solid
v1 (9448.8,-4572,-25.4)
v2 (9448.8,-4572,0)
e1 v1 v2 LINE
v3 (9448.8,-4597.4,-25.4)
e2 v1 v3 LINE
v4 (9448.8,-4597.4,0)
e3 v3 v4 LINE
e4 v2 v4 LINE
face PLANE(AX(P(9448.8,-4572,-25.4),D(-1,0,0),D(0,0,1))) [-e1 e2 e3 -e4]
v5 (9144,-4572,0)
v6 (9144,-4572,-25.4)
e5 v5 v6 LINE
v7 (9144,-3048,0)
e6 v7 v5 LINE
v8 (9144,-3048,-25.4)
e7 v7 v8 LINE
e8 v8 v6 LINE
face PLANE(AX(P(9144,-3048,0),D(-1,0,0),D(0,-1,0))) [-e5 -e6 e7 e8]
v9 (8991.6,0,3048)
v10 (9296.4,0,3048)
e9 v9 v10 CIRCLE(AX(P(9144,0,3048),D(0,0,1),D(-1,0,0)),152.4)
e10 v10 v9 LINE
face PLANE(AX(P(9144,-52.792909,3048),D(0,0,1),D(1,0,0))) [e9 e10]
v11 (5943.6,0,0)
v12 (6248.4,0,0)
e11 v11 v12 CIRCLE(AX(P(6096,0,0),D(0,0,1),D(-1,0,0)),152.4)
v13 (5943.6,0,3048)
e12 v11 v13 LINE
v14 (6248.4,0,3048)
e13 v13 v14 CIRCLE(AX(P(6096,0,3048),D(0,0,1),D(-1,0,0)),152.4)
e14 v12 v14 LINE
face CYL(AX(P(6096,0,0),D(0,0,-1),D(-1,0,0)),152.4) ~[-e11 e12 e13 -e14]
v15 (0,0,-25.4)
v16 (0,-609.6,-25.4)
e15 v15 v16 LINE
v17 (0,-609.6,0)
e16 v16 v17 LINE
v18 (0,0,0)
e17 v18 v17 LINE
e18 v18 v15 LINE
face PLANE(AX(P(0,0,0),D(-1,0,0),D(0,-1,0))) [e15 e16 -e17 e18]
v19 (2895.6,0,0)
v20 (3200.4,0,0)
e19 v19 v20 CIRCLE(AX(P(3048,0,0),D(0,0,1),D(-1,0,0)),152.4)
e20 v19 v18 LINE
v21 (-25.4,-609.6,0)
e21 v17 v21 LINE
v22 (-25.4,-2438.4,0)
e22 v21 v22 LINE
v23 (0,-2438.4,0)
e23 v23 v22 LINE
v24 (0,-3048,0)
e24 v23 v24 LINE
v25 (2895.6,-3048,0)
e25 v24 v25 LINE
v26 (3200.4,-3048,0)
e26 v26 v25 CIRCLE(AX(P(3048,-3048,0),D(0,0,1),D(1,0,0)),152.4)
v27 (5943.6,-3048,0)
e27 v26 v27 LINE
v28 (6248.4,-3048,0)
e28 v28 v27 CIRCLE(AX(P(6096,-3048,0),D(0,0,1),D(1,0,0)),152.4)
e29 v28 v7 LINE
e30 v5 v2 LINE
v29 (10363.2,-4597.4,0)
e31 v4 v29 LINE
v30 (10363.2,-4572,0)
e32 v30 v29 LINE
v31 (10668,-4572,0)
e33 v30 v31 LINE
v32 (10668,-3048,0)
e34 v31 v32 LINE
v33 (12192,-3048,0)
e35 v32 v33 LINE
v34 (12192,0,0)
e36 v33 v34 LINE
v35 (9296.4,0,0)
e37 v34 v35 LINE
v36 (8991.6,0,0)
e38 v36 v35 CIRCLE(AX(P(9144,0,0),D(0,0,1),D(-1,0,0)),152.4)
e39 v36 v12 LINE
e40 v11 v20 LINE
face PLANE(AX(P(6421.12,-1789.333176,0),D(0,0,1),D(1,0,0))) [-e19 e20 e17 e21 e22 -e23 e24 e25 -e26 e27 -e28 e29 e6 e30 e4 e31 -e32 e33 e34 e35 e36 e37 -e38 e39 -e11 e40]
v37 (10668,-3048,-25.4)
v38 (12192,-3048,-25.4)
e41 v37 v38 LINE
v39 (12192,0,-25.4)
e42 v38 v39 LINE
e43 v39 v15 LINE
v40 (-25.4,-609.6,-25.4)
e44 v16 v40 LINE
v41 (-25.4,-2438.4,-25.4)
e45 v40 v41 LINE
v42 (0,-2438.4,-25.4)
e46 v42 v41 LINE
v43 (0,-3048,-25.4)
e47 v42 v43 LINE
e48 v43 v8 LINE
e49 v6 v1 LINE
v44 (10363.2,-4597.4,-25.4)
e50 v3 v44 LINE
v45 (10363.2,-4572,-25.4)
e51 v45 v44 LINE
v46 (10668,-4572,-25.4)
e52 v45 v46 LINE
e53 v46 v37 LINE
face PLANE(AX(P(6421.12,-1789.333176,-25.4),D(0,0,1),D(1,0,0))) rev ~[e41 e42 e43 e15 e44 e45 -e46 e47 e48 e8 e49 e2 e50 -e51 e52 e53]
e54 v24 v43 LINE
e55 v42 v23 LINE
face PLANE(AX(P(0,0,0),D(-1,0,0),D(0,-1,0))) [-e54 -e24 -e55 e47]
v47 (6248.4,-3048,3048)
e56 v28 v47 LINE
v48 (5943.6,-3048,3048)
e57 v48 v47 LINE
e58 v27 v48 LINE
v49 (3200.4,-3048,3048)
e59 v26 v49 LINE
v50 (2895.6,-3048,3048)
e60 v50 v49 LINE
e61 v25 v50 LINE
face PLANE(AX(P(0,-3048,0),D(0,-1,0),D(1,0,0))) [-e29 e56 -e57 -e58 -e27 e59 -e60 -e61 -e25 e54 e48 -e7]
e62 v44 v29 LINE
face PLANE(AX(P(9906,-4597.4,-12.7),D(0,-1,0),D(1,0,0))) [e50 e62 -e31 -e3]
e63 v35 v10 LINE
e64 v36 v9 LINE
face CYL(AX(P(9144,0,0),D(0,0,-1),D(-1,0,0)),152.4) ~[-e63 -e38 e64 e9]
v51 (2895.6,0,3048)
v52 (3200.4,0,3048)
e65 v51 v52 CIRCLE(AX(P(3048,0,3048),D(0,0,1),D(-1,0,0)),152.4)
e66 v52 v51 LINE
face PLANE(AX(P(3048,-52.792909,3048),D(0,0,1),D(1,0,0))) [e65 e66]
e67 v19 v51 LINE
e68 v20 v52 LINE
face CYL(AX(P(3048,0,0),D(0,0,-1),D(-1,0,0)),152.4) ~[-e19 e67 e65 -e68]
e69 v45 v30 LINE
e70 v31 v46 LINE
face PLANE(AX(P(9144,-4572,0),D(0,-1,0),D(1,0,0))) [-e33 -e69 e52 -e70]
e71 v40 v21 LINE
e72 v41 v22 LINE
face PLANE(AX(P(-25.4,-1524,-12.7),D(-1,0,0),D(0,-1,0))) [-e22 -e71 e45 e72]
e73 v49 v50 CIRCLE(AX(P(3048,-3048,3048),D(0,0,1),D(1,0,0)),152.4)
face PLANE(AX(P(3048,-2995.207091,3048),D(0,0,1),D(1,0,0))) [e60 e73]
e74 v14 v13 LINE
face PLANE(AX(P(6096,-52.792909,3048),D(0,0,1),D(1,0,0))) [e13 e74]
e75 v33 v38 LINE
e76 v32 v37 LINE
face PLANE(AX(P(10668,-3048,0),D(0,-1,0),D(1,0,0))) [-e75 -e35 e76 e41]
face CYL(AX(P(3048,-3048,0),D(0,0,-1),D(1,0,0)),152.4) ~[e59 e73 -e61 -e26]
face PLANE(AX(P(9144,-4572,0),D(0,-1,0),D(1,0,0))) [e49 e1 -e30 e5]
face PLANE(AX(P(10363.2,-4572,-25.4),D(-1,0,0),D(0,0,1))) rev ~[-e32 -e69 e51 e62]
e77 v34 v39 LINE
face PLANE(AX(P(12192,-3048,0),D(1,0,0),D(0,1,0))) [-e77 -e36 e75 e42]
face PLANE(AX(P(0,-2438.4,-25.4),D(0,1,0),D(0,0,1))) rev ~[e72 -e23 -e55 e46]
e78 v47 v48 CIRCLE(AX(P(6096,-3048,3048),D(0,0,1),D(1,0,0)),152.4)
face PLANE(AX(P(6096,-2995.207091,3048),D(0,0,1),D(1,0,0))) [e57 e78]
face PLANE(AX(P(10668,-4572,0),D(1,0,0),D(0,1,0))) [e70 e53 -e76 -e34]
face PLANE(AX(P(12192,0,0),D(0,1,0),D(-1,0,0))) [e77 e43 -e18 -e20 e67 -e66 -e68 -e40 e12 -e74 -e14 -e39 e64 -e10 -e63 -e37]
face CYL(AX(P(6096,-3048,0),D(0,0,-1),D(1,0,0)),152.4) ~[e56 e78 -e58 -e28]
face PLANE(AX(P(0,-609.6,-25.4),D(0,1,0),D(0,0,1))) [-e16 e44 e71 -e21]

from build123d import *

# Parameters (mm, degrees)
F1_DEPTH = 25.4
F2_DEPTH = 3048
F3_W     = 914.4
F3_H     = 25.4
F4_DEPTH = 25.4
F5_W     = 1828.8
F5_H     = 25.4
F6_DEPTH = 25.4


with BuildPart() as f1:
    # F0 (on Top) → F1 (new body)
    with BuildSketch(Plane.XY):
        with BuildLine():
            Line((2895.6, 0), (0, 0))
            Line((0, 0), (0, -3048))
            Line((0, -3048), (2895.6, -3048))
            ThreePointArc((2895.6, -3048), (3048, -2895.6), (3200.4, -3048))
            Line((3200.4, -3048), (5943.6, -3048))
            ThreePointArc((5943.6, -3048), (6096, -2895.6), (6248.4, -3048))
            Line((6248.4, -3048), (9144, -3048))
            Line((9144, -3048), (9144, -4572))
            Line((9144, -4572), (10668, -4572))
            Line((10668, -4572), (10668, -3048))
            Line((10668, -3048), (12192, -3048))
            Line((12192, -3048), (12192, 0))
            Line((12192, 0), (9296.4, 0))
            ThreePointArc((9296.4, 0), (9144, -152.4), (8991.6, 0))
            Line((8991.6, 0), (6248.4, 0))
            ThreePointArc((6248.4, 0), (6096, -152.4), (5943.6, 0))
            Line((5943.6, 0), (3200.4, 0))
            ThreePointArc((3200.4, 0), (3048, -152.4), (2895.6, 0))
        make_face()
        with BuildLine():
            Line((3200.4, 0), (2895.6, 0))
            ThreePointArc((2895.6, 0), (3048, -152.4), (3200.4, 0))
        make_face()
        with BuildLine():
            ThreePointArc((3200.4, -3048), (3048, -2895.6), (2895.6, -3048))
            Line((2895.6, -3048), (3200.4, -3048))
        make_face()
        with BuildLine():
            Line((6248.4, 0), (5943.6, 0))
            ThreePointArc((5943.6, 0), (6096, -152.4), (6248.4, 0))
        make_face()
        with BuildLine():
            ThreePointArc((6248.4, -3048), (6096, -2895.6), (5943.6, -3048))
            Line((5943.6, -3048), (6248.4, -3048))
        make_face()
        with BuildLine():
            Line((9296.4, 0), (8991.6, 0))
            ThreePointArc((8991.6, 0), (9144, -152.4), (9296.4, 0))
        make_face()
    extrude(amount=-F1_DEPTH)

    # F0 (on Top) → F2 (join)
    with BuildSketch(Plane.XY):
        with BuildLine():
            Line((3200.4, 0), (2895.6, 0))
            ThreePointArc((2895.6, 0), (3048, -152.4), (3200.4, 0))
        make_face()
        with BuildLine():
            Line((6248.4, 0), (5943.6, 0))
            ThreePointArc((5943.6, 0), (6096, -152.4), (6248.4, 0))
        make_face()
        with BuildLine():
            ThreePointArc((3200.4, -3048), (3048, -2895.6), (2895.6, -3048))
            Line((2895.6, -3048), (3200.4, -3048))
        make_face()
        with BuildLine():
            ThreePointArc((6248.4, -3048), (6096, -2895.6), (5943.6, -3048))
            Line((5943.6, -3048), (6248.4, -3048))
        make_face()
        with BuildLine():
            Line((9296.4, 0), (8991.6, 0))
            ThreePointArc((8991.6, 0), (9144, -152.4), (9296.4, 0))
        make_face()
    extrude(amount=F2_DEPTH)

    # F3 (on face) → F4 (join)
    with BuildSketch(Plane.XZ.offset(4572)):
        with Locations((9906, -12.7)):
            Rectangle(F3_W, F3_H)
    extrude(amount=F4_DEPTH)

    # F5 (on face) → F6 (join)
    with BuildSketch(Plane(origin=(0, 0, 0), x_dir=(0, -1, 0), z_dir=(-1, 0, 0))):
        with Locations((1524, -12.7)):
            Rectangle(F5_W, F5_H)
    extrude(amount=F6_DEPTH)


solid = f1.part
